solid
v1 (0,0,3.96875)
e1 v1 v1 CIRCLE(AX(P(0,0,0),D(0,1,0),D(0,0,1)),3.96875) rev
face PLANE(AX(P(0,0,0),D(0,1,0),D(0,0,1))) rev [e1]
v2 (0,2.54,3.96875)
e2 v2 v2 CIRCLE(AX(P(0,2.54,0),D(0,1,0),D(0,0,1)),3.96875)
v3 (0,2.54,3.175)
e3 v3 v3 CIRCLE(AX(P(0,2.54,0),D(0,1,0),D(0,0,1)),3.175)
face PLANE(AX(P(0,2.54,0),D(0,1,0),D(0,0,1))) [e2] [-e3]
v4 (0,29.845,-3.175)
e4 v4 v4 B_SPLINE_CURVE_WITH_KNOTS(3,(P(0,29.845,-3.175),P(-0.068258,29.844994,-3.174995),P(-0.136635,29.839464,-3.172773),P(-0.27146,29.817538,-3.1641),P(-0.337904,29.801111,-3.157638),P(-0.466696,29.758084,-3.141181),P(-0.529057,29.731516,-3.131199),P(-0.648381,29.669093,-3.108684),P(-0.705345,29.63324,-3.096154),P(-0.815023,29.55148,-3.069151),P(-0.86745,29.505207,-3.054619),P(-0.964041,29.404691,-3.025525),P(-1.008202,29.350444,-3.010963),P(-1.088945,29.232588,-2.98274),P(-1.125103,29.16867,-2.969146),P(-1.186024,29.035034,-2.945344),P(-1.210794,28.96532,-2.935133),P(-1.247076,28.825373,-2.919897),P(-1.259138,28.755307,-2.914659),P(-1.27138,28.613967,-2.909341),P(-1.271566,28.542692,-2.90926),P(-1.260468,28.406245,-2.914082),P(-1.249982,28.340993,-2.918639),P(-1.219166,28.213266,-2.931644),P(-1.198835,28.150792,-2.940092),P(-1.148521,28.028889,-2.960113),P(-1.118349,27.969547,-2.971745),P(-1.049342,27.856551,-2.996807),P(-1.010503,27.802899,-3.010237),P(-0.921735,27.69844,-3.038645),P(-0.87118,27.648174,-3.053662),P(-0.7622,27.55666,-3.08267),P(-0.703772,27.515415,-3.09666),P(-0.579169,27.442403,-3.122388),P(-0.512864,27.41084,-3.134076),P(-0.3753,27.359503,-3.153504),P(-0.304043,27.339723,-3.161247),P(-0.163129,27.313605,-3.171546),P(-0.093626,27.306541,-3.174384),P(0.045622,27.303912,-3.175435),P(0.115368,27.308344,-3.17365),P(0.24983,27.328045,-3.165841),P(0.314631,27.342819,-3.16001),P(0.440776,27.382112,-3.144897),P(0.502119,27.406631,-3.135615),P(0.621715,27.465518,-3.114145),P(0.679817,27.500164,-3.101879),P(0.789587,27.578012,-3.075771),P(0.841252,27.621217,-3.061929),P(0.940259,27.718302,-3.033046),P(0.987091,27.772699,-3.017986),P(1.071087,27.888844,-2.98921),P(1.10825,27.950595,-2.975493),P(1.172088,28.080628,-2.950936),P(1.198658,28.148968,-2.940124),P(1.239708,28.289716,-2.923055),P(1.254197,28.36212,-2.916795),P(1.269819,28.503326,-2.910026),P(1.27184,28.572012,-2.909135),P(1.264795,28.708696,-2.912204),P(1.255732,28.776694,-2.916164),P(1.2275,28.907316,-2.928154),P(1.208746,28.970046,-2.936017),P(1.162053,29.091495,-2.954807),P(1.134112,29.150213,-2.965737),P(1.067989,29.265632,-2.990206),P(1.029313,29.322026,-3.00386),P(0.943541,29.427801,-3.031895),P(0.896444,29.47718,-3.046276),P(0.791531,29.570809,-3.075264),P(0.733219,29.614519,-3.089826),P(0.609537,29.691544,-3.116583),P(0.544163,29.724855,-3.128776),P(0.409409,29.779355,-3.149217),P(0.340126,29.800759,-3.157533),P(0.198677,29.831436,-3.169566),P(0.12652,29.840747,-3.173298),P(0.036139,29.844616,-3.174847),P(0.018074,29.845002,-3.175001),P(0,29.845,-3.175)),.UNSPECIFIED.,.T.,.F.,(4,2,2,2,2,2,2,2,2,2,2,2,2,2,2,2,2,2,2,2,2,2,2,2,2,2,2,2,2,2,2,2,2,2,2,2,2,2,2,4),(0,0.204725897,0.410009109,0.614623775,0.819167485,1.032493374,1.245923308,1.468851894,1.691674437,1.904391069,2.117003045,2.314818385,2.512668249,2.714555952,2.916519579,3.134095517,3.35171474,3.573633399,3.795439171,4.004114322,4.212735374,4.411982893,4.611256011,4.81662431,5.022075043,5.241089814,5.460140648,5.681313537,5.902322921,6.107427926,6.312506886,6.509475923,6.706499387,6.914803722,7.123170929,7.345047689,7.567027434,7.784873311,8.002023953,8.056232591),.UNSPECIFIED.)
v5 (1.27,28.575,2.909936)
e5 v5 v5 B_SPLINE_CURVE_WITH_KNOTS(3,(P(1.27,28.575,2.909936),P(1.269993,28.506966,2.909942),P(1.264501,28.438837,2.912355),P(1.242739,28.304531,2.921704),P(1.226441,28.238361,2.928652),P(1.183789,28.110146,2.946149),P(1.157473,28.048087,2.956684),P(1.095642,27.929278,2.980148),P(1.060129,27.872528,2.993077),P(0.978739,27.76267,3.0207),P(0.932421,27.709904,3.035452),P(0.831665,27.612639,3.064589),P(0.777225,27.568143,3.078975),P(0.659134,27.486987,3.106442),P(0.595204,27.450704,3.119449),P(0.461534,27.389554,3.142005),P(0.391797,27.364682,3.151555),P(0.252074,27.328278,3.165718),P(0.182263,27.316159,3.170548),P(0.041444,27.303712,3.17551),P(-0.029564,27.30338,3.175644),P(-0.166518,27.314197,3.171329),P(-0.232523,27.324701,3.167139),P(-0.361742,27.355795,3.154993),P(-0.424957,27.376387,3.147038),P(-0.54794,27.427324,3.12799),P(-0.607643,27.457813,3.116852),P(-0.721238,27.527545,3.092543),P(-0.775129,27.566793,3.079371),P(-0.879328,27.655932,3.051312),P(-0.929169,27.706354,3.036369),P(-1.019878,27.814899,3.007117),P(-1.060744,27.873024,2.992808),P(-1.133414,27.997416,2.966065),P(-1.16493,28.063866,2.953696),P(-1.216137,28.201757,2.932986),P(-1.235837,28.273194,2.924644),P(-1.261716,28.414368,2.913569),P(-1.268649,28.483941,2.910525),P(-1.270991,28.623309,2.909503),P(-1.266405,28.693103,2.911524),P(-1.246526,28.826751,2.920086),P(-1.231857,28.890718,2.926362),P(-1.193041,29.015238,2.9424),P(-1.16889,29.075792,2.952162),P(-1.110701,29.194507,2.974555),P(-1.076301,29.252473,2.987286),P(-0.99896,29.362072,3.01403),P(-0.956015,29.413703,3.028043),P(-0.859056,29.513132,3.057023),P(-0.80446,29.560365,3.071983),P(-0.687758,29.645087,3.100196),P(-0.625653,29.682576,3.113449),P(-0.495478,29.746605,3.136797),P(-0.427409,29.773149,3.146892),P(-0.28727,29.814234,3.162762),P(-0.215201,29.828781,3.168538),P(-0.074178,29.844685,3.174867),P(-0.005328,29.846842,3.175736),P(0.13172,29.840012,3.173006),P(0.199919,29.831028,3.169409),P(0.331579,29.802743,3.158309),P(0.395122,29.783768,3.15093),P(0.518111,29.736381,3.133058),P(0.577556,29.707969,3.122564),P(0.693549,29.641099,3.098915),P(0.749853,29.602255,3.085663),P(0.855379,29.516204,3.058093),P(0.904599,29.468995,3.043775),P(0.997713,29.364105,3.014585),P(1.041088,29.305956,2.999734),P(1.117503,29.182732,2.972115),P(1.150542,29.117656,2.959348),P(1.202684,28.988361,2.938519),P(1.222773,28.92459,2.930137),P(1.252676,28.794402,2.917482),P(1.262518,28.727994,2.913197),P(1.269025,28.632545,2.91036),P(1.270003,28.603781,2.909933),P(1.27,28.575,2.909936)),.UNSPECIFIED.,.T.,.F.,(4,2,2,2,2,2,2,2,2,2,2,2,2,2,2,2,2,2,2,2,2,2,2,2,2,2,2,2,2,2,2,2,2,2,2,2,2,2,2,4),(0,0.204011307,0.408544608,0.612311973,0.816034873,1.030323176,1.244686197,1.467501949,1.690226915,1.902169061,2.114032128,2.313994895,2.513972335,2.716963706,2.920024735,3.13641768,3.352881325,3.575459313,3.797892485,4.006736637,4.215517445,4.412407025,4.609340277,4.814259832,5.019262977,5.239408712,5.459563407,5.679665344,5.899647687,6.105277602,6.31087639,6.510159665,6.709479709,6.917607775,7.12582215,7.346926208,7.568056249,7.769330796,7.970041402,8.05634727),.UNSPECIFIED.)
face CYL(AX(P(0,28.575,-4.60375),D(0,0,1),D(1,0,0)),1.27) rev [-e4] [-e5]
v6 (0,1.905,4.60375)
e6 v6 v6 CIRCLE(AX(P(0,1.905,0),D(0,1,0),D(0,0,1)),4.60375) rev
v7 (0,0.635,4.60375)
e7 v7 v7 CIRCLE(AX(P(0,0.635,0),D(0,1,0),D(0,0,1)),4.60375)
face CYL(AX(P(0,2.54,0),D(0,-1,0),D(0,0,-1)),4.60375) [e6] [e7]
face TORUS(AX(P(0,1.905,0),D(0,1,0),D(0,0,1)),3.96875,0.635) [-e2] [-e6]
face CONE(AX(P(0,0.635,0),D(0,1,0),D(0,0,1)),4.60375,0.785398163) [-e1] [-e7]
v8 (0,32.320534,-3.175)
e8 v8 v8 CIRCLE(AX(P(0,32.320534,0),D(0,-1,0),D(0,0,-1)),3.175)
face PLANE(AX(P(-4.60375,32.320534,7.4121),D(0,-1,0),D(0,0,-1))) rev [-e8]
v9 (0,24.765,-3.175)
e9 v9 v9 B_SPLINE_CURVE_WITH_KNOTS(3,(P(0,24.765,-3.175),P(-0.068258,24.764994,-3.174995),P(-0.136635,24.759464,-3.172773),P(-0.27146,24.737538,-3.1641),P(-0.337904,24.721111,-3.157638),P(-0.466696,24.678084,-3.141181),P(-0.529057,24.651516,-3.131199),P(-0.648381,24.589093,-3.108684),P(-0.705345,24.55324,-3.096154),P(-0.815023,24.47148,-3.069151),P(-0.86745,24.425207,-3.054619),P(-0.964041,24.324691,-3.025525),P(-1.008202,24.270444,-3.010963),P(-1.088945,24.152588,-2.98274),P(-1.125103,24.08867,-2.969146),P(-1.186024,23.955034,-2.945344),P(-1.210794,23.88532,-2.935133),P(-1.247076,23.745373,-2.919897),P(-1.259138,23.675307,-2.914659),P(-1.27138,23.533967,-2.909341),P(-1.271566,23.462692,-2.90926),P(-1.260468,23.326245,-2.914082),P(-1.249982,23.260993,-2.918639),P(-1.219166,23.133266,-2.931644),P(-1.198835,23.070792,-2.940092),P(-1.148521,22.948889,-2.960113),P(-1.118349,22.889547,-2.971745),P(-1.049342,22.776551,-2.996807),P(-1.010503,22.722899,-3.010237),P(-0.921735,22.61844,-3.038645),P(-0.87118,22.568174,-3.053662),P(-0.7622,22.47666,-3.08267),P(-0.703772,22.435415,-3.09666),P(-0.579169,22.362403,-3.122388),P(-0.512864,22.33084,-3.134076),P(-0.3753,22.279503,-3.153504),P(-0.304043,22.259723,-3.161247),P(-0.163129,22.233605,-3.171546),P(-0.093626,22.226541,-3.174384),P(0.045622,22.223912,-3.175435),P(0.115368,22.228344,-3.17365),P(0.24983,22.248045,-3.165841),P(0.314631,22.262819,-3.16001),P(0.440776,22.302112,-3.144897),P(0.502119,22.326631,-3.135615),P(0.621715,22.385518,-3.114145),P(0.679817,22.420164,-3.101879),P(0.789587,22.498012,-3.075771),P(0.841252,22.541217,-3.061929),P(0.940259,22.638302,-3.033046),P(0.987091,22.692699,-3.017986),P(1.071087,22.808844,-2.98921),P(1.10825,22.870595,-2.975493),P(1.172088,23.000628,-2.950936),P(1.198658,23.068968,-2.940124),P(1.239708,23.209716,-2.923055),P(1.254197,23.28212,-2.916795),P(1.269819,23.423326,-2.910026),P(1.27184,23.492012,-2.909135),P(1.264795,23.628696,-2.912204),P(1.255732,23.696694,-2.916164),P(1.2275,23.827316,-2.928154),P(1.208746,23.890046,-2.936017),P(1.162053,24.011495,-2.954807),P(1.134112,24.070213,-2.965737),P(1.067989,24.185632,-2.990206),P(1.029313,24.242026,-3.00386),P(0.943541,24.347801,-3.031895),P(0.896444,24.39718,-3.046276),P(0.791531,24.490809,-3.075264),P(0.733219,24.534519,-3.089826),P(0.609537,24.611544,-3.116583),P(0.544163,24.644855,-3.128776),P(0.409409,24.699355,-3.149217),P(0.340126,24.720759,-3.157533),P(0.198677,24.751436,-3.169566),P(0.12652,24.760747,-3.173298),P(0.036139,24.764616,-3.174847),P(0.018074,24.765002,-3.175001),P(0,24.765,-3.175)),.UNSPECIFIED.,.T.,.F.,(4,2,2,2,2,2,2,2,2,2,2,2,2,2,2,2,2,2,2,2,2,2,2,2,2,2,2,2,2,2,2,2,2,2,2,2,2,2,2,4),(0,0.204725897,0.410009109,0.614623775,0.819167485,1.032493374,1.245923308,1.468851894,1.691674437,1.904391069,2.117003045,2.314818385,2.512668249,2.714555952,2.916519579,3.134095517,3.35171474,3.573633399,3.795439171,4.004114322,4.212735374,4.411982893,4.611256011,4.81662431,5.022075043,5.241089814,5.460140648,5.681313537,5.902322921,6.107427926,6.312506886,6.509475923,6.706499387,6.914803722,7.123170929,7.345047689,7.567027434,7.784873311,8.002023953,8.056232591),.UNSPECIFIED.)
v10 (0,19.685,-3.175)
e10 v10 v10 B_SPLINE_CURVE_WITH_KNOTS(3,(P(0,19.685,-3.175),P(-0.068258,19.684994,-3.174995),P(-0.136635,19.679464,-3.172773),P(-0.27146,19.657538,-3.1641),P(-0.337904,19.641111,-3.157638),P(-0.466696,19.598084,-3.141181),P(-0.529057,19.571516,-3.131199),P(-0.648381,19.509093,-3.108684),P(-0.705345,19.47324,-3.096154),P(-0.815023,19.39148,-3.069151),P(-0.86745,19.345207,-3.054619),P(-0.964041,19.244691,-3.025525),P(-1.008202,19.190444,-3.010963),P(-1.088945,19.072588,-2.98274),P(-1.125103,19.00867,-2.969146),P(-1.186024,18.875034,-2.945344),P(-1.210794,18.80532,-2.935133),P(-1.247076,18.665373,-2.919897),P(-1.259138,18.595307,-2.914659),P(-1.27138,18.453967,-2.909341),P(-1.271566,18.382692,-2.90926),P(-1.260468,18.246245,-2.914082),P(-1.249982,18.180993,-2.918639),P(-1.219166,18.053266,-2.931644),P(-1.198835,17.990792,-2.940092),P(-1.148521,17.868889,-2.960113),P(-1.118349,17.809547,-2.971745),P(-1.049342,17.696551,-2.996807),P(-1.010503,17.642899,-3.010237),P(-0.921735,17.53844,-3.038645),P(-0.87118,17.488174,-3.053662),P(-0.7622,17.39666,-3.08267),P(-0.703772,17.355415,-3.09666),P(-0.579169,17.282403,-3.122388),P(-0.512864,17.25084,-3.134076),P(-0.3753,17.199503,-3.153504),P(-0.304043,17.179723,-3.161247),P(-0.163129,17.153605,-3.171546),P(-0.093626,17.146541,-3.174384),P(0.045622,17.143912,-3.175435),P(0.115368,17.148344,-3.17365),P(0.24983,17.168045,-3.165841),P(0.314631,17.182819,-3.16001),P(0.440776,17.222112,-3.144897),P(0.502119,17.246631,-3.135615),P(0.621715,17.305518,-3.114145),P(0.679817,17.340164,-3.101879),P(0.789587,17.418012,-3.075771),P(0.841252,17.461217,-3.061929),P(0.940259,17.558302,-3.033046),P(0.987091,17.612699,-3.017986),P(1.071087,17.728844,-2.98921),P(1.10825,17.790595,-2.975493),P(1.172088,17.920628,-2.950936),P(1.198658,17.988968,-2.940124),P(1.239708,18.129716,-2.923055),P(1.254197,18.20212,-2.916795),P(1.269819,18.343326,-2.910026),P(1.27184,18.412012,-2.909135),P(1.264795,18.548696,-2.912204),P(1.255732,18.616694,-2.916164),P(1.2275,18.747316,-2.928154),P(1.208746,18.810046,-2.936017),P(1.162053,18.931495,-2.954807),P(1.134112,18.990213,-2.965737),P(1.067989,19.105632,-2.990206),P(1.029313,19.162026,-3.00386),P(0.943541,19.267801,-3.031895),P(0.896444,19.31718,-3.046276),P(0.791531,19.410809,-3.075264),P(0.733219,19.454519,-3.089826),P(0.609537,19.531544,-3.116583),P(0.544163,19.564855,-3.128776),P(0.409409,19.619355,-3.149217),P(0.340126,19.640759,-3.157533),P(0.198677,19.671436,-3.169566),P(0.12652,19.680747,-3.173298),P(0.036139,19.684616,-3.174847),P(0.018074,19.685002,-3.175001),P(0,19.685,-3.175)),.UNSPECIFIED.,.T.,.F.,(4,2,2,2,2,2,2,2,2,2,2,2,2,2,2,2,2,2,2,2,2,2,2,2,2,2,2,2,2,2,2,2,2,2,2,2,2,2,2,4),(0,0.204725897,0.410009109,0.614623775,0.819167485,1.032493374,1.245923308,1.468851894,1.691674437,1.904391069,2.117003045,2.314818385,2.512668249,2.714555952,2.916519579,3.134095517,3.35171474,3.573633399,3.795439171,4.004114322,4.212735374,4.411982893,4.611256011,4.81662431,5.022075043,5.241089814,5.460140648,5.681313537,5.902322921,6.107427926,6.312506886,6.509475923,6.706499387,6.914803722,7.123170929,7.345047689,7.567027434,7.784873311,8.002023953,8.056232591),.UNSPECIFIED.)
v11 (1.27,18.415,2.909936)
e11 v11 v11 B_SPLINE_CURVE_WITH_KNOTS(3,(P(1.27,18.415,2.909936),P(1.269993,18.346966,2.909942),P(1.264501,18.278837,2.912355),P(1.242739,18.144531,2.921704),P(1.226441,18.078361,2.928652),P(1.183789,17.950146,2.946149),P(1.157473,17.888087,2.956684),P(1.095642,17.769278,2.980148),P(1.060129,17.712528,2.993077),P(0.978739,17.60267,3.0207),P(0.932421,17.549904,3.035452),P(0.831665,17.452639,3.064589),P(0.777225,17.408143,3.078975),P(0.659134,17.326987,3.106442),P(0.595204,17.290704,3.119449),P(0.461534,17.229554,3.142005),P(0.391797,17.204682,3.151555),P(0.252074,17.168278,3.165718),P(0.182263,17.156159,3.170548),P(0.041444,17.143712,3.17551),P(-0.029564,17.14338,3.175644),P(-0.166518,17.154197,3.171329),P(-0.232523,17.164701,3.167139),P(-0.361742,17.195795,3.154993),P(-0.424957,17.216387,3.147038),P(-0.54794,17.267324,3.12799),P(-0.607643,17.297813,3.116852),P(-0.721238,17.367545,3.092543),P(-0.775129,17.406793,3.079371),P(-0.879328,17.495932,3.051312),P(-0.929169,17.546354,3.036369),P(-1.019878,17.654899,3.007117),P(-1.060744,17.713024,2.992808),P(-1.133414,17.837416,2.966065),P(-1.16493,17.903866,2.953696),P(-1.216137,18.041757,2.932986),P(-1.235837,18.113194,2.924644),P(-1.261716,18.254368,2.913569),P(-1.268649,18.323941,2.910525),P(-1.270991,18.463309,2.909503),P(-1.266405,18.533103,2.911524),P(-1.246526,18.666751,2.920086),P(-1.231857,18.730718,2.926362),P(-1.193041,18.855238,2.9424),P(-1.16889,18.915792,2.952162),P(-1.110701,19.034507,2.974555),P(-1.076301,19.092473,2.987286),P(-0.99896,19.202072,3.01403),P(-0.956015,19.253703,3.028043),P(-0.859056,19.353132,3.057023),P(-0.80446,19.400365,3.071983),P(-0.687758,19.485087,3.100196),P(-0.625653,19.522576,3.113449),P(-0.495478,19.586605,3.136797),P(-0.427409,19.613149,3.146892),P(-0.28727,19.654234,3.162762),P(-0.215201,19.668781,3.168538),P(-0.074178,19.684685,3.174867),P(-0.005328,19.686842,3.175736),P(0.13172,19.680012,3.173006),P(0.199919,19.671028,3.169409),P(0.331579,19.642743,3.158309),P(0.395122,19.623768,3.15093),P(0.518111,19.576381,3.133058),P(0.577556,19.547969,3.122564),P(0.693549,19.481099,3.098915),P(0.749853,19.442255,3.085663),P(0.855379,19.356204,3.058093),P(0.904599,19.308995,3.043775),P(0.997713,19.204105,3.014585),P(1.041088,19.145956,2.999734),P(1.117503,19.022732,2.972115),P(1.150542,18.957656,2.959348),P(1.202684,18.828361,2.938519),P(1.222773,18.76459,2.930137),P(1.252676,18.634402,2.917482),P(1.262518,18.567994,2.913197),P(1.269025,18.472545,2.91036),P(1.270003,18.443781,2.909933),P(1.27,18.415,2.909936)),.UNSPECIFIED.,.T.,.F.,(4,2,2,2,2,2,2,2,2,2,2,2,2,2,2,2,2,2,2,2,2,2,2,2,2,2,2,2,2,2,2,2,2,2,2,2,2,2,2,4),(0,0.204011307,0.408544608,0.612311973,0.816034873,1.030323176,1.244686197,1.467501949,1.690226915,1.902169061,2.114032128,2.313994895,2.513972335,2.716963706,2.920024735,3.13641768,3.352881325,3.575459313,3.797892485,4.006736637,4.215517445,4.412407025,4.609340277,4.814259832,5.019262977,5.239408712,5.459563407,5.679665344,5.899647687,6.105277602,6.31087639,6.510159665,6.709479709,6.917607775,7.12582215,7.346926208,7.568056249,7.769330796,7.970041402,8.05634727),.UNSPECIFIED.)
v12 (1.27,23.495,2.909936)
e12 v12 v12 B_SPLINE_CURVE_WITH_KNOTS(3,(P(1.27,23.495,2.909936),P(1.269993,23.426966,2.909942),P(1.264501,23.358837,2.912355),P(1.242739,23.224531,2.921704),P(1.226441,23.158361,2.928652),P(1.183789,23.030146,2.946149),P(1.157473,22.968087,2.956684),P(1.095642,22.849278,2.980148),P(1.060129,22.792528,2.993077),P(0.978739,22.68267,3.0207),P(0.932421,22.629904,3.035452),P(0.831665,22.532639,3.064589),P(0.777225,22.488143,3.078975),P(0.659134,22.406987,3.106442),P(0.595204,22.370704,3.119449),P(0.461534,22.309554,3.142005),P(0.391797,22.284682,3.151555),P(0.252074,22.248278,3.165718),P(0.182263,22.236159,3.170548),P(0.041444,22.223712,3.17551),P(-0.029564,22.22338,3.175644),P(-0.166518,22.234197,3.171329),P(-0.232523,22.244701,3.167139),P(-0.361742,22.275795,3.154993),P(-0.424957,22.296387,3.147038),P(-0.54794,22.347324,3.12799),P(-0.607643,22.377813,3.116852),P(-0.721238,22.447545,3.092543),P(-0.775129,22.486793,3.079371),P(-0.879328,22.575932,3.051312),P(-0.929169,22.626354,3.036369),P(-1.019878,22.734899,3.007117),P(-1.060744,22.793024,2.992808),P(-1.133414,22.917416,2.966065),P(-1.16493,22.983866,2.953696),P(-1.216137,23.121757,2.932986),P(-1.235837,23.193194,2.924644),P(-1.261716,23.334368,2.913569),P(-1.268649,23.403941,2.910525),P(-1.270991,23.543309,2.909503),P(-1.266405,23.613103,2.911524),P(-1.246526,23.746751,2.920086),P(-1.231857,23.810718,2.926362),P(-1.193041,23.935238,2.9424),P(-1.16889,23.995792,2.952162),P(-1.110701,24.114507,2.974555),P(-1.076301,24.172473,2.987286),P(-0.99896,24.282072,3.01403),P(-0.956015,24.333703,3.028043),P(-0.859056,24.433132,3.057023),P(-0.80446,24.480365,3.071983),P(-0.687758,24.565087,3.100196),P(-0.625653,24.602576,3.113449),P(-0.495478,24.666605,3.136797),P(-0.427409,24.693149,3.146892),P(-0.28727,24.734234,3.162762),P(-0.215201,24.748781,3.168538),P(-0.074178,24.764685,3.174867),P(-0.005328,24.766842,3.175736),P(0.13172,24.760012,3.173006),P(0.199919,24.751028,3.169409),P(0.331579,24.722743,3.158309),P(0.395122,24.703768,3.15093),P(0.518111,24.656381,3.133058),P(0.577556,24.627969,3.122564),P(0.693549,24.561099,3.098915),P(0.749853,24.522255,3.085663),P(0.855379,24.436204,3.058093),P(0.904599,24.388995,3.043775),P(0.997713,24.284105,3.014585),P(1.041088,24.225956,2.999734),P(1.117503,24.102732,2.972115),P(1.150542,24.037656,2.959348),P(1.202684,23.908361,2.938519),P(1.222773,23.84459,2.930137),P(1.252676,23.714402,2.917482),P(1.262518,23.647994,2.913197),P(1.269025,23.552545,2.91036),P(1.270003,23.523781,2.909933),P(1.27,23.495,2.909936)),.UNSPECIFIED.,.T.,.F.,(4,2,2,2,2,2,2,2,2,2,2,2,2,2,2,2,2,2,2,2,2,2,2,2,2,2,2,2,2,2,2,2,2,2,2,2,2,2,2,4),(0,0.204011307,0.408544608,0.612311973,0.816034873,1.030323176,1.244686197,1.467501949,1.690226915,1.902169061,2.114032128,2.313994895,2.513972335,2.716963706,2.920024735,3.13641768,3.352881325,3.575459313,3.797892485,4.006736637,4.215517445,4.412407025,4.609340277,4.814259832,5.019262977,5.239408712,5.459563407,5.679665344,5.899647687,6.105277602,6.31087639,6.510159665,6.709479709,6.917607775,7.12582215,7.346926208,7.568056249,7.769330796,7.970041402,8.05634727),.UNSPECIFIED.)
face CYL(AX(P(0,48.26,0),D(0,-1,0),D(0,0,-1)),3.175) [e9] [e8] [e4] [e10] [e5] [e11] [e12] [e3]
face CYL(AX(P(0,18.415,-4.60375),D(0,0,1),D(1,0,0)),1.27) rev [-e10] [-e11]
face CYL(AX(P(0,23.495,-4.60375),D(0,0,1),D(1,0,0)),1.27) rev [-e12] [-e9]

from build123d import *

# Parameters (mm, degrees)
SKETCH1_R               = 4.60375
BOSS_EXTRUDE1_DEPTH     = 2.54
SKETCH2_R               = 3.175
BOSS_EXTRUDE2_DEPTH     = 45.72
SKETCH3_R               = 1.27
CUT_EXTRUDE1_DEPTH      = 5.60375
CUT_EXTRUDE1_DEPTH_BACK = 5.60375
FILLET1_R               = 0.635
CHAMFER1_SIZE           = 0.635
SKETCH4_W               = 16.845680721
SKETCH4_H               = 19.604839444
CUT_EXTRUDE2_DEPTH      = 5.60375
CUT_EXTRUDE2_DEPTH_BACK = 5.6037501


with BuildPart() as part:
    # Sketch1 → Boss-Extrude1 (new body)
    with BuildSketch(Plane(origin=(0, 0, 0), x_dir=(1, 0, 0), z_dir=(0, 1, 0))):
        Circle(SKETCH1_R)
    extrude(amount=BOSS_EXTRUDE1_DEPTH)

    # Sketch2 → Boss-Extrude2 (add)
    with BuildSketch(Plane(origin=(0, 2.54, 0), x_dir=(1, 0, 0), z_dir=(0, 1, 0))):
        Circle(SKETCH2_R)
    extrude(amount=BOSS_EXTRUDE2_DEPTH)

    # Sketch3 → Cut-Extrude1 (cut, two sides)
    with BuildSketch(Plane.XY) as cut_extrude1_sk:
        with Locations((0, 18.415)):
            Circle(SKETCH3_R)
        with Locations((0, 23.495)):
            Circle(SKETCH3_R)
        with Locations((0, 28.575)):
            Circle(SKETCH3_R)
        with Locations((0, 33.655)):
            Circle(SKETCH3_R)
        with Locations((0, 38.735)):
            Circle(SKETCH3_R)
        with Locations((0, 43.815)):
            Circle(SKETCH3_R)
    extrude(amount=CUT_EXTRUDE1_DEPTH, mode=Mode.SUBTRACT)
    extrude(cut_extrude1_sk.sketch, amount=-CUT_EXTRUDE1_DEPTH_BACK, mode=Mode.SUBTRACT)

    # Fillet1
    fillet1_edges = [part.edges().sort_by_distance(p)[0] for p in [
        (-4.60375, 2.54, 0),
    ]]
    fillet(fillet1_edges, radius=FILLET1_R)

    # Chamfer1
    chamfer1_edges = [part.edges().sort_by_distance(p)[0] for p in [
        (-4.60375, 0, 0),
    ]]
    chamfer(chamfer1_edges, length=CHAMFER1_SIZE)

    # Sketch4 → Cut-Extrude2 (cut, two sides)
    with BuildSketch(Plane(origin=(0, 0, 0), x_dir=(0, 0, -1), z_dir=(1, 0, 0))) as cut_extrude2_sk:
        with Locations((1.010740844, 42.122953468)):
            Rectangle(SKETCH4_W, SKETCH4_H)
    extrude(amount=CUT_EXTRUDE2_DEPTH, mode=Mode.SUBTRACT)
    extrude(cut_extrude2_sk.sketch, amount=-CUT_EXTRUDE2_DEPTH_BACK, mode=Mode.SUBTRACT)


solid = part.part
